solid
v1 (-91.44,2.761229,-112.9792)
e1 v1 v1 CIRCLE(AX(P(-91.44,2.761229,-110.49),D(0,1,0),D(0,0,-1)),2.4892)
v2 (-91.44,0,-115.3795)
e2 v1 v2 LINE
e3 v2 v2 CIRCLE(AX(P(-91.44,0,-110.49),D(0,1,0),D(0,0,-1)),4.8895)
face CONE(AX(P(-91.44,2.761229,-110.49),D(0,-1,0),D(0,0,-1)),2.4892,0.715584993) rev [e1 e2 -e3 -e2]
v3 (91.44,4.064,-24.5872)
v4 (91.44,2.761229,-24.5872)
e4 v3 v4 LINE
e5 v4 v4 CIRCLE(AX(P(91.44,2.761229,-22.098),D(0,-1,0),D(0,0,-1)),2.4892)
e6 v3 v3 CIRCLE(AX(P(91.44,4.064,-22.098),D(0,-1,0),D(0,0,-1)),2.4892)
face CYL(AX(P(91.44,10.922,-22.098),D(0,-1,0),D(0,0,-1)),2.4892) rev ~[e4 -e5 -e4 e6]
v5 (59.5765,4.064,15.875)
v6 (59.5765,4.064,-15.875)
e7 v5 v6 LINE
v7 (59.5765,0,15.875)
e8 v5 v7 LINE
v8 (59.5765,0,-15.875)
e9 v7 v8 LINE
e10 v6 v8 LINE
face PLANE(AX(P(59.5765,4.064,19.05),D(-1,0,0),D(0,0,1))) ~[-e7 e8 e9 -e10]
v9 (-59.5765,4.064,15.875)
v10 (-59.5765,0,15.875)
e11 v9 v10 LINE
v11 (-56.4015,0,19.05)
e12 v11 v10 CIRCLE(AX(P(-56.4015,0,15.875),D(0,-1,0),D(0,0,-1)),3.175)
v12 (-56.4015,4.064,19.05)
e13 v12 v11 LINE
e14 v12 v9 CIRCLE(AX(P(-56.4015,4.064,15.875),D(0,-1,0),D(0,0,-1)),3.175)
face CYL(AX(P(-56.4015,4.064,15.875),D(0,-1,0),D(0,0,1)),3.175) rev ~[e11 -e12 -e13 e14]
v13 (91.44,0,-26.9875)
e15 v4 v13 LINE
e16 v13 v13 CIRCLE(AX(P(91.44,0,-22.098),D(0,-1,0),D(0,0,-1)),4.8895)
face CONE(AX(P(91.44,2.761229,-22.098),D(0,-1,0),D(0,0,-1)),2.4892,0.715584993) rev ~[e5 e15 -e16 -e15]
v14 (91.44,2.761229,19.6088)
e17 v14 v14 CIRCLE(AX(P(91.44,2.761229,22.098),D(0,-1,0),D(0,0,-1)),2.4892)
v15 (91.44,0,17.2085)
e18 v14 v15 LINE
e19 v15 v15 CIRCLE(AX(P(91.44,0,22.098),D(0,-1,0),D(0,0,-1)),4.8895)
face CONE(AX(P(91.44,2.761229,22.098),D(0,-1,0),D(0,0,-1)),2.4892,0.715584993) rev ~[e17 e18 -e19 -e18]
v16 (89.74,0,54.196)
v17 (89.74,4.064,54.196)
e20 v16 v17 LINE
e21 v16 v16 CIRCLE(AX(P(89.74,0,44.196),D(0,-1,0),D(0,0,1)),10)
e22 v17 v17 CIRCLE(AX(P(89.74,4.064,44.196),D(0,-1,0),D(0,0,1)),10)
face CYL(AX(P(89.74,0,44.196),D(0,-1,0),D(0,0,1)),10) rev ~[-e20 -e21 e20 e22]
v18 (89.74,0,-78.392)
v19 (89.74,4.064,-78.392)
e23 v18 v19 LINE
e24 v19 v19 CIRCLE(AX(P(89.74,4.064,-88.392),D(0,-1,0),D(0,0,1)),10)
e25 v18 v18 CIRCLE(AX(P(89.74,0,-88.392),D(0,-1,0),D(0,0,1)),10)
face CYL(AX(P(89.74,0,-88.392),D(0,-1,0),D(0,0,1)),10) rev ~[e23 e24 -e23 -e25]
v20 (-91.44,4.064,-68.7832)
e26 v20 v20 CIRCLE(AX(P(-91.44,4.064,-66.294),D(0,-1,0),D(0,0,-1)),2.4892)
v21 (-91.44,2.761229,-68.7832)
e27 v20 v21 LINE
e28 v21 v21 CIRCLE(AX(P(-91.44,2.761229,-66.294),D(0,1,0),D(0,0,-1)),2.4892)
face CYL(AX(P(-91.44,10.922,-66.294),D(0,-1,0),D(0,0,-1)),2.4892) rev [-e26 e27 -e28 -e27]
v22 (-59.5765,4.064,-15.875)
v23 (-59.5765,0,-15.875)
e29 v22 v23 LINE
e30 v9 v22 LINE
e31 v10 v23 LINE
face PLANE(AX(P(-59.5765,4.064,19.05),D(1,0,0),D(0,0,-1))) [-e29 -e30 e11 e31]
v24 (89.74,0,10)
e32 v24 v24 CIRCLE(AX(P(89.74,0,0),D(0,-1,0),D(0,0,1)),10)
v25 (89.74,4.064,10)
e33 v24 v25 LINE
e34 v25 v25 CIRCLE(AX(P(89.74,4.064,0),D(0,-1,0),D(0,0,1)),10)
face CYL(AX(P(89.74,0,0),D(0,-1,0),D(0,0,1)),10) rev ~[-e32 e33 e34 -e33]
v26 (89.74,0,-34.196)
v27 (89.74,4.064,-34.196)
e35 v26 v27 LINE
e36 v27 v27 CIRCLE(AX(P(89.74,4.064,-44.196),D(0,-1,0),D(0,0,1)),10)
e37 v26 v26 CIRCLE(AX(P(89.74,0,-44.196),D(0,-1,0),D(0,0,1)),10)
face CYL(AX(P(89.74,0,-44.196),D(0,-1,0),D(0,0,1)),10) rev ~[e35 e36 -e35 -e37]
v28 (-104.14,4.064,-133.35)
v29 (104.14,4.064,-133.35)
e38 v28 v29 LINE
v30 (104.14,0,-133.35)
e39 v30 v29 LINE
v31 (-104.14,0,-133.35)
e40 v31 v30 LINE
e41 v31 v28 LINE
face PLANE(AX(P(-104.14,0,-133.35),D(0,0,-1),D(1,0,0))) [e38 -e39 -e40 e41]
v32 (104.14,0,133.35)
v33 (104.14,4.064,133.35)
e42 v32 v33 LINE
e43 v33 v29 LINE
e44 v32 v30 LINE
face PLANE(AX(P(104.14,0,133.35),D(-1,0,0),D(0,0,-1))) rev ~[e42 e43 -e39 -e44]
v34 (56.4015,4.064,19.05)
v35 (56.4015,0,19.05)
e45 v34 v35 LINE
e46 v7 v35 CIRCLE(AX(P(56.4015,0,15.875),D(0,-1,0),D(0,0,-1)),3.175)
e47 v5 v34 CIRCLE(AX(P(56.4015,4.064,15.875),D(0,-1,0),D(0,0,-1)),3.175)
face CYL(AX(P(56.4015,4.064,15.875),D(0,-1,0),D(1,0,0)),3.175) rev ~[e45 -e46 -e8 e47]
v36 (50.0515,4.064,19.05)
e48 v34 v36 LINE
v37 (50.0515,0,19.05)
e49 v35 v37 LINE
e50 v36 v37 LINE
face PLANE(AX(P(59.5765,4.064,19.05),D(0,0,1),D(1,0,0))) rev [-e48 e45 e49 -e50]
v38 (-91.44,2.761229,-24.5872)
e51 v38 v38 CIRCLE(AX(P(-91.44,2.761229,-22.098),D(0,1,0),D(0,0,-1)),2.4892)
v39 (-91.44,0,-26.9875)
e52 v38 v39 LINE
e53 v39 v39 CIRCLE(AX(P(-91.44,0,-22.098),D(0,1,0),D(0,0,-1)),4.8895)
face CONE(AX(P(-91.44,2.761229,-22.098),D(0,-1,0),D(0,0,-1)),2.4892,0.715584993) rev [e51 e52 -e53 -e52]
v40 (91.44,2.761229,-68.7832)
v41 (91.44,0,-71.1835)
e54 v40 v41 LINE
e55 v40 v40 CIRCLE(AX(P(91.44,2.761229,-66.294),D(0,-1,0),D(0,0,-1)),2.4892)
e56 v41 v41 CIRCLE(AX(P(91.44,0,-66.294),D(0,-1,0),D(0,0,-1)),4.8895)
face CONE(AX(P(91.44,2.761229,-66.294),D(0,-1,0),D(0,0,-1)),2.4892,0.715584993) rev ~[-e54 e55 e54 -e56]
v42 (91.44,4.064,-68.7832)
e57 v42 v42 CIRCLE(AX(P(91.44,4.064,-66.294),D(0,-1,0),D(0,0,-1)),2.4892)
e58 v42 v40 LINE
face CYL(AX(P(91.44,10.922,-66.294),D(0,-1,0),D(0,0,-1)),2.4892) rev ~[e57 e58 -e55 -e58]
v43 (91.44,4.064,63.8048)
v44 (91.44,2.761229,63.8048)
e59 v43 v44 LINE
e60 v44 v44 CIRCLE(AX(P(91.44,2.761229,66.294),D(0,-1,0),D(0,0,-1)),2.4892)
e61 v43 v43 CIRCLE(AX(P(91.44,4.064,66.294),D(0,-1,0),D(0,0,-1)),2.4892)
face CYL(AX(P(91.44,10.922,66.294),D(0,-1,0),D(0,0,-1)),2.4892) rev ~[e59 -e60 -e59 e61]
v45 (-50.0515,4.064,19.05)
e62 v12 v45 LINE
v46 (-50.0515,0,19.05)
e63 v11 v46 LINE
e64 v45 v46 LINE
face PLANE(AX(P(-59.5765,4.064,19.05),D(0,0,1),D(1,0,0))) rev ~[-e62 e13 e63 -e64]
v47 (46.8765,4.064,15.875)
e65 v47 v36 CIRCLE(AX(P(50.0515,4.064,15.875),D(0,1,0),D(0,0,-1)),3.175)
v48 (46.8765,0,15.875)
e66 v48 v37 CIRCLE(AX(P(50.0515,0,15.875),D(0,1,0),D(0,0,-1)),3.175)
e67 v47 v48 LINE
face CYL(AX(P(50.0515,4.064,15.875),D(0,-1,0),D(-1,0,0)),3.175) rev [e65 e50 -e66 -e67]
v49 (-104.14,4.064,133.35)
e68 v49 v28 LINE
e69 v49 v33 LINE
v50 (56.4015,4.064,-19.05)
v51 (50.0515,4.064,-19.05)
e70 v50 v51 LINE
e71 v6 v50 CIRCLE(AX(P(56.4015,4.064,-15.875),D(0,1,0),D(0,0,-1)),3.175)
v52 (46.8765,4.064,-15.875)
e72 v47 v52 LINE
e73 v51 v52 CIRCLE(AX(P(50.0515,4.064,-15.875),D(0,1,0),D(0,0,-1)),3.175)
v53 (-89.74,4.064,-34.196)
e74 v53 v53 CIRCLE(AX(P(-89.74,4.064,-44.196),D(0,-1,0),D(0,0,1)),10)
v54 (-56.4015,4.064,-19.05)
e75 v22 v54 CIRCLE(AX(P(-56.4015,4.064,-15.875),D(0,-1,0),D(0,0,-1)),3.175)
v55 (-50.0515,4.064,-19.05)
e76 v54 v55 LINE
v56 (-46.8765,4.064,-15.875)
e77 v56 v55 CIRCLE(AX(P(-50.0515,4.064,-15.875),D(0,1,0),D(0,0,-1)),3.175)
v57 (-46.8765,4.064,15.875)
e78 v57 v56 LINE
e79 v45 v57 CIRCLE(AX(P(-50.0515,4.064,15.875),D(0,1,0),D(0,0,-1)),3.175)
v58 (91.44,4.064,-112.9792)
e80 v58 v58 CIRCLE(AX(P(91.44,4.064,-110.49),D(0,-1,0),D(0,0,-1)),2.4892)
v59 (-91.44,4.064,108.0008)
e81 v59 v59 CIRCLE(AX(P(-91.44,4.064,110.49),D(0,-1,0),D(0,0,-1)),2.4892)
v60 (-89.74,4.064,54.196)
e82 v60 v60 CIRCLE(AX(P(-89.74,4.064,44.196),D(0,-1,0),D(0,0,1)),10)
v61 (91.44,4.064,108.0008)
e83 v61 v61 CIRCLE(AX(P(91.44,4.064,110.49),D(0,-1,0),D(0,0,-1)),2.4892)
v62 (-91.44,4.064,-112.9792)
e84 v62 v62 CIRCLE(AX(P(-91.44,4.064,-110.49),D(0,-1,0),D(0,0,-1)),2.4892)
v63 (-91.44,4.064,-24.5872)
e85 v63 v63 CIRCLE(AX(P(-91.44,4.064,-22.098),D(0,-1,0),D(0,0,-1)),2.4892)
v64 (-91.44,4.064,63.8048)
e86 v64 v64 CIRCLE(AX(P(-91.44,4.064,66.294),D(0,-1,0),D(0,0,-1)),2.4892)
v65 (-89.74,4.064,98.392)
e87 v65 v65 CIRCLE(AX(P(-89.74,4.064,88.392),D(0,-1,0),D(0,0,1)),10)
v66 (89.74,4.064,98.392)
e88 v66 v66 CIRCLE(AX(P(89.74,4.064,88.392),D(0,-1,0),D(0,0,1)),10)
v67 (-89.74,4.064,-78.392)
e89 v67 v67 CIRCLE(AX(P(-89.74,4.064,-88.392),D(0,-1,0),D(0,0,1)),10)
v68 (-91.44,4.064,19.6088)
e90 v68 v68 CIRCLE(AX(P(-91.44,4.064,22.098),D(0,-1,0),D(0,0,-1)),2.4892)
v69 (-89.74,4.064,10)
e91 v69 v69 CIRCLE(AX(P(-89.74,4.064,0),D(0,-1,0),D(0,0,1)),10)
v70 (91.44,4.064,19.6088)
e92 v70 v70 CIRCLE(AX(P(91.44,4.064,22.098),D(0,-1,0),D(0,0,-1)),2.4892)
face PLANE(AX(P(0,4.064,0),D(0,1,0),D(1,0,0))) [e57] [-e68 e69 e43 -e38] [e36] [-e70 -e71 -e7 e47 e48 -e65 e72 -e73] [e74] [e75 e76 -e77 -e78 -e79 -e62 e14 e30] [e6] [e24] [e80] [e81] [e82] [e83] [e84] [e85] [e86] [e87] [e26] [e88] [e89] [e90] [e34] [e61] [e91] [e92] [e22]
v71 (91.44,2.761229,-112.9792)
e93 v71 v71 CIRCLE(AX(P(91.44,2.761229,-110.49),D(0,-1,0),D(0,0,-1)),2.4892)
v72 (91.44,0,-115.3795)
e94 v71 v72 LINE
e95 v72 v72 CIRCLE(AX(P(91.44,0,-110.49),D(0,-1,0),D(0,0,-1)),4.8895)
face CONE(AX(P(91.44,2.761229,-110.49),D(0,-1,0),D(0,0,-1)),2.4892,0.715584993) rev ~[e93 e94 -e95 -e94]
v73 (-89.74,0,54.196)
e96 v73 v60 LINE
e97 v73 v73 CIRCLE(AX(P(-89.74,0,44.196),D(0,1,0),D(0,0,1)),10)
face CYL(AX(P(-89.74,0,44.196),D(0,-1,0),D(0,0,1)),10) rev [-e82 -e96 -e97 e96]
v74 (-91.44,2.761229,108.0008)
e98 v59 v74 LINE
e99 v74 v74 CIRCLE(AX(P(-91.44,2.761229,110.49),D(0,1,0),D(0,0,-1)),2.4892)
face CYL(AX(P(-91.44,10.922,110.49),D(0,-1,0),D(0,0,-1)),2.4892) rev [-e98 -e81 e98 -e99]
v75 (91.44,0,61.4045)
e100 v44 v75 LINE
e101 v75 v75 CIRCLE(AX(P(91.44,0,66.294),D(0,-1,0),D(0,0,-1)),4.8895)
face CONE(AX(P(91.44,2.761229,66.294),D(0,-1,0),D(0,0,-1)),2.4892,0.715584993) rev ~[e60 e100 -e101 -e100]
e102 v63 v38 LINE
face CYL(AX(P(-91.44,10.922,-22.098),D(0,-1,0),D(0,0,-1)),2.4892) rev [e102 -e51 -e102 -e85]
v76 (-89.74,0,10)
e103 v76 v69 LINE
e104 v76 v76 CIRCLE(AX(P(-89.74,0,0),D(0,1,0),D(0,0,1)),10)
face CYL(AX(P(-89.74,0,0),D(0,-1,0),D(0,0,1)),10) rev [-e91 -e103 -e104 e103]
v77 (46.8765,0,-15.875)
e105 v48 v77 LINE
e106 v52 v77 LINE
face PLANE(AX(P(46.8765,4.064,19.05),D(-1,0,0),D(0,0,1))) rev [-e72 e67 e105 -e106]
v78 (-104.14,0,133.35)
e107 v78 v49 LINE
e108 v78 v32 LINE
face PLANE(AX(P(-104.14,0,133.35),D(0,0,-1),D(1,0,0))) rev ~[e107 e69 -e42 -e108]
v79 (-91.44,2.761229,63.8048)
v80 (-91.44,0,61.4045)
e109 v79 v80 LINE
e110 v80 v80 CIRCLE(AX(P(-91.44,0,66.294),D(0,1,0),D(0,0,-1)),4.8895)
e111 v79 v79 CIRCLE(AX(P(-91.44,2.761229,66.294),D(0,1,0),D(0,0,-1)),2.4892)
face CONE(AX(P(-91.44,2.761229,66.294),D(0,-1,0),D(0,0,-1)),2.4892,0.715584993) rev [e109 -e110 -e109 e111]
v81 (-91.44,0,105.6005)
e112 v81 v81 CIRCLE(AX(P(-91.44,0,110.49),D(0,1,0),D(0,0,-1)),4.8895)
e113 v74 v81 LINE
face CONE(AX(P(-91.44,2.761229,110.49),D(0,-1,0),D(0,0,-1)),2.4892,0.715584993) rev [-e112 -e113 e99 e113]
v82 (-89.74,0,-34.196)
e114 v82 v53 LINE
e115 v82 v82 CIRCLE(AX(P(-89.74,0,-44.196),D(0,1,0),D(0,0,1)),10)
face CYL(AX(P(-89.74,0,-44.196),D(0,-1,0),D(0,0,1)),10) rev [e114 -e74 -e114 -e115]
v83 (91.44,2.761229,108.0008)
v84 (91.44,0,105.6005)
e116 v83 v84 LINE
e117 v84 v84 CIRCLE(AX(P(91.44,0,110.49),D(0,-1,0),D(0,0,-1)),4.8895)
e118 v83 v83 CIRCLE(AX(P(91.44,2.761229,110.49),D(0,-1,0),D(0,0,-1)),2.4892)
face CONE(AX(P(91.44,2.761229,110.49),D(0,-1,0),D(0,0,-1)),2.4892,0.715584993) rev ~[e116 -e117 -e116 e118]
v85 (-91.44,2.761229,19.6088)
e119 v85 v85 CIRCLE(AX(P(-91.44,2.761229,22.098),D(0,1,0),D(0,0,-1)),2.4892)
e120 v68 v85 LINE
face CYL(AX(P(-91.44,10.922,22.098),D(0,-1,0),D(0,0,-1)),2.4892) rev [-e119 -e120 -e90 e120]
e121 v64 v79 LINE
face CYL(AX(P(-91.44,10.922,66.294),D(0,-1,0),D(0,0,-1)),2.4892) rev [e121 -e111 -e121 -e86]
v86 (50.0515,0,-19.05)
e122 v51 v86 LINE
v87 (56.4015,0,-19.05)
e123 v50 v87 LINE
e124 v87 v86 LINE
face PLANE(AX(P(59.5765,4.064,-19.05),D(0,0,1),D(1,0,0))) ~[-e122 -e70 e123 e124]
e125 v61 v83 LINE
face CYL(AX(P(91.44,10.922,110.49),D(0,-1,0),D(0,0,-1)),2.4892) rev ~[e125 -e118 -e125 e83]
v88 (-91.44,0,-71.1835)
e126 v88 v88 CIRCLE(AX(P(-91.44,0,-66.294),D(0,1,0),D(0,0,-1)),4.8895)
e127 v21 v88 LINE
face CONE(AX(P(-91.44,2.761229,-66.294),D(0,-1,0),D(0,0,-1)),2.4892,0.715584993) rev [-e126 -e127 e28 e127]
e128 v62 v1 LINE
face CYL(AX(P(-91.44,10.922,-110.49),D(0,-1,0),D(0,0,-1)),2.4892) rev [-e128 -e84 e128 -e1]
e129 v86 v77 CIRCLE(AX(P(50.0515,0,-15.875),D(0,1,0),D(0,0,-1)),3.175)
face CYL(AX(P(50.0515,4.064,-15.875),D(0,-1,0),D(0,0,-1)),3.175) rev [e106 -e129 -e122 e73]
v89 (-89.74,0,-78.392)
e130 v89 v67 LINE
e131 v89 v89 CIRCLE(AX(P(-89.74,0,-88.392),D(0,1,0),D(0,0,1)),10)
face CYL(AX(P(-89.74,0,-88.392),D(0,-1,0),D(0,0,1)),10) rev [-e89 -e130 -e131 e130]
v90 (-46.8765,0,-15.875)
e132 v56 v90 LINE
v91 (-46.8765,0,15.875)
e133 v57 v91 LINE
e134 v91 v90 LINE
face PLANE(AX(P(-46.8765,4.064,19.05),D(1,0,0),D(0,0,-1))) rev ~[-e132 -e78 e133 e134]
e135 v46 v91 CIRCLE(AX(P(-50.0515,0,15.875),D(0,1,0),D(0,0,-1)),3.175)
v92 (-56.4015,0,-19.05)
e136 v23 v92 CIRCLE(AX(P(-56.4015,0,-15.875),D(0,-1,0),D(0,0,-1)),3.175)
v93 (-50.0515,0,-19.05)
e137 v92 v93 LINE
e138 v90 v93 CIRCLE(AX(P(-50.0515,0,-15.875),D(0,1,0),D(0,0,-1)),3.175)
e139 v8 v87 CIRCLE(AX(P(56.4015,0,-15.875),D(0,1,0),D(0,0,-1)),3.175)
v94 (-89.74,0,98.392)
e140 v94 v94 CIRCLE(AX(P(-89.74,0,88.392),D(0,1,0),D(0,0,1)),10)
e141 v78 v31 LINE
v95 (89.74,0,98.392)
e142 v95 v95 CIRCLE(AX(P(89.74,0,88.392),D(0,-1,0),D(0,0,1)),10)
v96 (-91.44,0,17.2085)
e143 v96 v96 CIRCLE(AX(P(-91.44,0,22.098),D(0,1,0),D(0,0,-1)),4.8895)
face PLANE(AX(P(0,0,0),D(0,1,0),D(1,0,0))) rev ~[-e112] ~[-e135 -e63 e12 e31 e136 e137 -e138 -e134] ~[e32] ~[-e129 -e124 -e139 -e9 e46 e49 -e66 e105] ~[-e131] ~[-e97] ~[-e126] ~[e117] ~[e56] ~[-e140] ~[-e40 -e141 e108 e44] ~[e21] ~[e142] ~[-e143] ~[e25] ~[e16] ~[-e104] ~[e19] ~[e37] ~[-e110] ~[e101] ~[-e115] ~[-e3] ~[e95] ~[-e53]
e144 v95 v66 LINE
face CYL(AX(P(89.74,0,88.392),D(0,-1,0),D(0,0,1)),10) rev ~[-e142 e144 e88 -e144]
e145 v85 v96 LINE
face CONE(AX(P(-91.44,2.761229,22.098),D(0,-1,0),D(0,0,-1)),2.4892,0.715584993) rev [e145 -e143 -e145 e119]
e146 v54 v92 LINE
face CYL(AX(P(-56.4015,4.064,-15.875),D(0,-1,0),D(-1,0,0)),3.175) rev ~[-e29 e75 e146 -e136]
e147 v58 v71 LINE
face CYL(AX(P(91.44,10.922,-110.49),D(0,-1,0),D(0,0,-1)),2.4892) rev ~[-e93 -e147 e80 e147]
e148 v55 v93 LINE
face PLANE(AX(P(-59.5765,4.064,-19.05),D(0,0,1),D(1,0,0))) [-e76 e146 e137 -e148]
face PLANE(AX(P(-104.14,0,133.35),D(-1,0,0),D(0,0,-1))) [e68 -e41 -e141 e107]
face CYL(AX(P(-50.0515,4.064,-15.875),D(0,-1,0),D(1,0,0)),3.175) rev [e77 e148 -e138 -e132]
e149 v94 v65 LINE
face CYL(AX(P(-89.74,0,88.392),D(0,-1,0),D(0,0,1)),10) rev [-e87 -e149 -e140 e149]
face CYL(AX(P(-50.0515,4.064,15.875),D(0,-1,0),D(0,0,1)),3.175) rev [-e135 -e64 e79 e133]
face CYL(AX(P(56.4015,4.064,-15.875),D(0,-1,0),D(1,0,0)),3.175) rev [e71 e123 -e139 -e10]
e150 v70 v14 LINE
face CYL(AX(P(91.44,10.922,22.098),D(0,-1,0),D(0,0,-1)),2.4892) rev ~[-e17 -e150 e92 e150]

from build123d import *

# Parameters (mm, degrees)
SKETCH1_W                                    = 208.28
SKETCH1_H                                    = 266.7
BOSS_EXTRUDE1_DEPTH                          = 4.064
SKETCH2_W                                    = 12.7
SKETCH2_H                                    = 38.1
CUT_EXTRUDE1_DEPTH                           = 170.24502414
FILLET1_R                                    = 3.175
SKETCH3_R                                    = 10
CUT_EXTRUDE2_DEPTH                           = 170.24502414
CSK_FOR_10_FLAT_HEAD_MACHINE_SCREW2_AT_COUNT = 2
CSK_FOR_10_FLAT_HEAD_MACHINE_SCREW2_AT_PITCH = 220.98
CSK_FOR_10_FLAT_HEAD_MACHINE_SCREW2_2_COUNT  = 2
CSK_FOR_10_FLAT_HEAD_MACHINE_SCREW2_2_PITCH  = 176.784
CSK_FOR_10_FLAT_HEAD_MACHINE_SCREW2_3_COUNT  = 2
CSK_FOR_10_FLAT_HEAD_MACHINE_SCREW2_3_PITCH  = 132.588
CSK_FOR_10_FLAT_HEAD_MACHINE_SCREW2_4_COUNT  = 2
CSK_FOR_10_FLAT_HEAD_MACHINE_SCREW2_4_PITCH  = 88.392
CSK_FOR_10_FLAT_HEAD_MACHINE_SCREW2_5_COUNT  = 2
CSK_FOR_10_FLAT_HEAD_MACHINE_SCREW2_5_PITCH  = 44.196


with BuildPart() as part:
    # Sketch1 → Boss-Extrude1 (new body)
    with BuildSketch(Plane(origin=(0, 0, 0), x_dir=(1, 0, 0), z_dir=(0, 1, 0))):
        Rectangle(SKETCH1_W, SKETCH1_H)
    extrude(amount=BOSS_EXTRUDE1_DEPTH)

    # Sketch2 → Cut-Extrude1 (cut, through all)
    with BuildSketch(Plane(origin=(0, 4.064, 0), x_dir=(1, 0, 0), z_dir=(0, 1, 0))):
        with Locations((-53.2265001, 0)):
            Rectangle(SKETCH2_W, SKETCH2_H)
    cut_extrude1 = extrude(amount=-CUT_EXTRUDE1_DEPTH, mode=Mode.SUBTRACT)

    # Mirror1: Cut-Extrude1 across plane
    add(cut_extrude1.mirror(Plane(origin=(0, 0, 0), x_dir=(0, 0, 1), z_dir=(1, 0, 0))), mode=Mode.SUBTRACT)

    # Fillet1
    fillet1_edges = [part.edges().sort_by_distance(p)[0] for p in [
        (-46.8765001, 2.032, -19.05),
        (-46.8765001, 2.032, 19.05),
        (-59.5765001, 2.032, 19.05),
        (-59.5765001, 2.032, -19.05),
        (46.8765001, 2.032, 19.05),
        (46.8765001, 2.032, -19.05),
        (59.5765001, 2.032, -19.05),
        (59.5765001, 2.032, 19.05),
    ]]
    fillet(fillet1_edges, radius=FILLET1_R)

    # Sketch3 → Cut-Extrude2 (cut, through all)
    with BuildSketch(Plane(origin=(0, 0, 0), x_dir=(1, 0, 0), z_dir=(0, 1, 0))):
        with Locations(Location((-89.74, 88.392, 0), (0, 0, 270))):
            Circle(SKETCH3_R)
        with Locations(Location((-89.74, 44.196, 0), (0, 0, 270))):
            Circle(SKETCH3_R)
        with Locations(Location((-89.74, 0, 0), (0, 0, 270))):
            Circle(SKETCH3_R)
        with Locations(Location((-89.74, -44.196, 0), (0, 0, 270))):
            Circle(SKETCH3_R)
        with Locations(Location((-89.74, -88.392, 0), (0, 0, 270))):
            Circle(SKETCH3_R)
    cut_extrude2 = extrude(amount=CUT_EXTRUDE2_DEPTH, mode=Mode.SUBTRACT)

    # Sketch10 → CSK for #10 Flat Head Machine Screw2 (revolve, cut)
    with BuildSketch(Plane(origin=(-91.44, 0, -110.49), x_dir=(0, 0, -1), z_dir=(1, 0, 0))):
        Polygon((0, 0), (0, 12.417662253), (2.4892, 10.922), (2.4892, 2.761229288), (4.8895, 0), align=None)
    csk_for_10_flat_head_machine_screw2 = revolve(axis=Axis((-91.44, -6.35, -110.49), (0, 1, 0)), mode=Mode.SUBTRACT)

    # CSK for #10 Flat Head Machine Screw2 at: CSK for #10 Flat Head Machine Screw2 ×2
    with Locations(*[(0, 0, i * CSK_FOR_10_FLAT_HEAD_MACHINE_SCREW2_AT_PITCH) for i in range(1, CSK_FOR_10_FLAT_HEAD_MACHINE_SCREW2_AT_COUNT)]):
        add(csk_for_10_flat_head_machine_screw2, mode=Mode.SUBTRACT)

    # CSK for _10 Flat Head Machine Screw2 2: CSK for #10 Flat Head Machine Screw2 ×2
    with Locations(*[(0, 0, i * CSK_FOR_10_FLAT_HEAD_MACHINE_SCREW2_2_PITCH) for i in range(1, CSK_FOR_10_FLAT_HEAD_MACHINE_SCREW2_2_COUNT)]):
        add(csk_for_10_flat_head_machine_screw2, mode=Mode.SUBTRACT)

    # CSK for _10 Flat Head Machine Screw2 3: CSK for #10 Flat Head Machine Screw2 ×2
    with Locations(*[(0, 0, i * CSK_FOR_10_FLAT_HEAD_MACHINE_SCREW2_3_PITCH) for i in range(1, CSK_FOR_10_FLAT_HEAD_MACHINE_SCREW2_3_COUNT)]):
        add(csk_for_10_flat_head_machine_screw2, mode=Mode.SUBTRACT)

    # CSK for _10 Flat Head Machine Screw2 4: CSK for #10 Flat Head Machine Screw2 ×2
    with Locations(*[(0, 0, i * CSK_FOR_10_FLAT_HEAD_MACHINE_SCREW2_4_PITCH) for i in range(1, CSK_FOR_10_FLAT_HEAD_MACHINE_SCREW2_4_COUNT)]):
        add(csk_for_10_flat_head_machine_screw2, mode=Mode.SUBTRACT)

    # CSK for _10 Flat Head Machine Screw2 5: CSK for #10 Flat Head Machine Screw2 ×2
    with Locations(*[(0, 0, i * CSK_FOR_10_FLAT_HEAD_MACHINE_SCREW2_5_PITCH) for i in range(1, CSK_FOR_10_FLAT_HEAD_MACHINE_SCREW2_5_COUNT)]):
        add(csk_for_10_flat_head_machine_screw2, mode=Mode.SUBTRACT)

    # Mirror2: Cut-Extrude2, CSK for #10 Flat Head Machine Screw2 across plane
    add(cut_extrude2.mirror(Plane(origin=(0, 0, 0), x_dir=(0, 0, 1), z_dir=(1, 0, 0))), mode=Mode.SUBTRACT)
    add(csk_for_10_flat_head_machine_screw2.mirror(Plane(origin=(0, 0, 0), x_dir=(0, 0, 1), z_dir=(1, 0, 0))), mode=Mode.SUBTRACT)

    # Mirror2 copy 1 sketch → Mirror2 copy 1 (revolve, cut)
    with BuildSketch(Plane(origin=(91.44, 0, 110.49), x_dir=(0, 0, -1), z_dir=(-1, 0, 0))):
        Polygon((0, 0), (0, -12.417662253), (2.4892, -10.922), (2.4892, -2.761229288), (4.8895, 0), align=None)
    revolve(axis=Axis((91.44, -6.35, 110.49), (0, -1, 0)), mode=Mode.SUBTRACT)

    # Mirror2 copy 2 sketch → Mirror2 copy 2 (revolve, cut)
    with BuildSketch(Plane(origin=(91.44, 0, 66.294), x_dir=(0, 0, -1), z_dir=(-1, 0, 0))):
        Polygon((0, 0), (0, -12.417662253), (2.4892, -10.922), (2.4892, -2.761229288), (4.8895, 0), align=None)
    revolve(axis=Axis((91.44, -6.35, 66.294), (0, -1, 0)), mode=Mode.SUBTRACT)

    # Mirror2 copy 3 sketch → Mirror2 copy 3 (revolve, cut)
    with BuildSketch(Plane(origin=(91.44, 0, 22.098), x_dir=(0, 0, -1), z_dir=(-1, 0, 0))):
        Polygon((0, 0), (0, -12.417662253), (2.4892, -10.922), (2.4892, -2.761229288), (4.8895, 0), align=None)
    revolve(axis=Axis((91.44, -6.35, 22.098), (0, -1, 0)), mode=Mode.SUBTRACT)

    # Mirror2 copy 4 sketch → Mirror2 copy 4 (revolve, cut)
    with BuildSketch(Plane(origin=(91.44, 0, -22.098), x_dir=(0, 0, -1), z_dir=(-1, 0, 0))):
        Polygon((0, 0), (0, -12.417662253), (2.4892, -10.922), (2.4892, -2.761229288), (4.8895, 0), align=None)
    revolve(axis=Axis((91.44, -6.35, -22.098), (0, -1, 0)), mode=Mode.SUBTRACT)

    # Mirror2 copy 5 sketch → Mirror2 copy 5 (revolve, cut)
    with BuildSketch(Plane(origin=(91.44, 0, -66.294), x_dir=(0, 0, -1), z_dir=(-1, 0, 0))):
        Polygon((0, 0), (0, -12.417662253), (2.4892, -10.922), (2.4892, -2.761229288), (4.8895, 0), align=None)
    revolve(axis=Axis((91.44, -6.35, -66.294), (0, -1, 0)), mode=Mode.SUBTRACT)


solid = part.part
